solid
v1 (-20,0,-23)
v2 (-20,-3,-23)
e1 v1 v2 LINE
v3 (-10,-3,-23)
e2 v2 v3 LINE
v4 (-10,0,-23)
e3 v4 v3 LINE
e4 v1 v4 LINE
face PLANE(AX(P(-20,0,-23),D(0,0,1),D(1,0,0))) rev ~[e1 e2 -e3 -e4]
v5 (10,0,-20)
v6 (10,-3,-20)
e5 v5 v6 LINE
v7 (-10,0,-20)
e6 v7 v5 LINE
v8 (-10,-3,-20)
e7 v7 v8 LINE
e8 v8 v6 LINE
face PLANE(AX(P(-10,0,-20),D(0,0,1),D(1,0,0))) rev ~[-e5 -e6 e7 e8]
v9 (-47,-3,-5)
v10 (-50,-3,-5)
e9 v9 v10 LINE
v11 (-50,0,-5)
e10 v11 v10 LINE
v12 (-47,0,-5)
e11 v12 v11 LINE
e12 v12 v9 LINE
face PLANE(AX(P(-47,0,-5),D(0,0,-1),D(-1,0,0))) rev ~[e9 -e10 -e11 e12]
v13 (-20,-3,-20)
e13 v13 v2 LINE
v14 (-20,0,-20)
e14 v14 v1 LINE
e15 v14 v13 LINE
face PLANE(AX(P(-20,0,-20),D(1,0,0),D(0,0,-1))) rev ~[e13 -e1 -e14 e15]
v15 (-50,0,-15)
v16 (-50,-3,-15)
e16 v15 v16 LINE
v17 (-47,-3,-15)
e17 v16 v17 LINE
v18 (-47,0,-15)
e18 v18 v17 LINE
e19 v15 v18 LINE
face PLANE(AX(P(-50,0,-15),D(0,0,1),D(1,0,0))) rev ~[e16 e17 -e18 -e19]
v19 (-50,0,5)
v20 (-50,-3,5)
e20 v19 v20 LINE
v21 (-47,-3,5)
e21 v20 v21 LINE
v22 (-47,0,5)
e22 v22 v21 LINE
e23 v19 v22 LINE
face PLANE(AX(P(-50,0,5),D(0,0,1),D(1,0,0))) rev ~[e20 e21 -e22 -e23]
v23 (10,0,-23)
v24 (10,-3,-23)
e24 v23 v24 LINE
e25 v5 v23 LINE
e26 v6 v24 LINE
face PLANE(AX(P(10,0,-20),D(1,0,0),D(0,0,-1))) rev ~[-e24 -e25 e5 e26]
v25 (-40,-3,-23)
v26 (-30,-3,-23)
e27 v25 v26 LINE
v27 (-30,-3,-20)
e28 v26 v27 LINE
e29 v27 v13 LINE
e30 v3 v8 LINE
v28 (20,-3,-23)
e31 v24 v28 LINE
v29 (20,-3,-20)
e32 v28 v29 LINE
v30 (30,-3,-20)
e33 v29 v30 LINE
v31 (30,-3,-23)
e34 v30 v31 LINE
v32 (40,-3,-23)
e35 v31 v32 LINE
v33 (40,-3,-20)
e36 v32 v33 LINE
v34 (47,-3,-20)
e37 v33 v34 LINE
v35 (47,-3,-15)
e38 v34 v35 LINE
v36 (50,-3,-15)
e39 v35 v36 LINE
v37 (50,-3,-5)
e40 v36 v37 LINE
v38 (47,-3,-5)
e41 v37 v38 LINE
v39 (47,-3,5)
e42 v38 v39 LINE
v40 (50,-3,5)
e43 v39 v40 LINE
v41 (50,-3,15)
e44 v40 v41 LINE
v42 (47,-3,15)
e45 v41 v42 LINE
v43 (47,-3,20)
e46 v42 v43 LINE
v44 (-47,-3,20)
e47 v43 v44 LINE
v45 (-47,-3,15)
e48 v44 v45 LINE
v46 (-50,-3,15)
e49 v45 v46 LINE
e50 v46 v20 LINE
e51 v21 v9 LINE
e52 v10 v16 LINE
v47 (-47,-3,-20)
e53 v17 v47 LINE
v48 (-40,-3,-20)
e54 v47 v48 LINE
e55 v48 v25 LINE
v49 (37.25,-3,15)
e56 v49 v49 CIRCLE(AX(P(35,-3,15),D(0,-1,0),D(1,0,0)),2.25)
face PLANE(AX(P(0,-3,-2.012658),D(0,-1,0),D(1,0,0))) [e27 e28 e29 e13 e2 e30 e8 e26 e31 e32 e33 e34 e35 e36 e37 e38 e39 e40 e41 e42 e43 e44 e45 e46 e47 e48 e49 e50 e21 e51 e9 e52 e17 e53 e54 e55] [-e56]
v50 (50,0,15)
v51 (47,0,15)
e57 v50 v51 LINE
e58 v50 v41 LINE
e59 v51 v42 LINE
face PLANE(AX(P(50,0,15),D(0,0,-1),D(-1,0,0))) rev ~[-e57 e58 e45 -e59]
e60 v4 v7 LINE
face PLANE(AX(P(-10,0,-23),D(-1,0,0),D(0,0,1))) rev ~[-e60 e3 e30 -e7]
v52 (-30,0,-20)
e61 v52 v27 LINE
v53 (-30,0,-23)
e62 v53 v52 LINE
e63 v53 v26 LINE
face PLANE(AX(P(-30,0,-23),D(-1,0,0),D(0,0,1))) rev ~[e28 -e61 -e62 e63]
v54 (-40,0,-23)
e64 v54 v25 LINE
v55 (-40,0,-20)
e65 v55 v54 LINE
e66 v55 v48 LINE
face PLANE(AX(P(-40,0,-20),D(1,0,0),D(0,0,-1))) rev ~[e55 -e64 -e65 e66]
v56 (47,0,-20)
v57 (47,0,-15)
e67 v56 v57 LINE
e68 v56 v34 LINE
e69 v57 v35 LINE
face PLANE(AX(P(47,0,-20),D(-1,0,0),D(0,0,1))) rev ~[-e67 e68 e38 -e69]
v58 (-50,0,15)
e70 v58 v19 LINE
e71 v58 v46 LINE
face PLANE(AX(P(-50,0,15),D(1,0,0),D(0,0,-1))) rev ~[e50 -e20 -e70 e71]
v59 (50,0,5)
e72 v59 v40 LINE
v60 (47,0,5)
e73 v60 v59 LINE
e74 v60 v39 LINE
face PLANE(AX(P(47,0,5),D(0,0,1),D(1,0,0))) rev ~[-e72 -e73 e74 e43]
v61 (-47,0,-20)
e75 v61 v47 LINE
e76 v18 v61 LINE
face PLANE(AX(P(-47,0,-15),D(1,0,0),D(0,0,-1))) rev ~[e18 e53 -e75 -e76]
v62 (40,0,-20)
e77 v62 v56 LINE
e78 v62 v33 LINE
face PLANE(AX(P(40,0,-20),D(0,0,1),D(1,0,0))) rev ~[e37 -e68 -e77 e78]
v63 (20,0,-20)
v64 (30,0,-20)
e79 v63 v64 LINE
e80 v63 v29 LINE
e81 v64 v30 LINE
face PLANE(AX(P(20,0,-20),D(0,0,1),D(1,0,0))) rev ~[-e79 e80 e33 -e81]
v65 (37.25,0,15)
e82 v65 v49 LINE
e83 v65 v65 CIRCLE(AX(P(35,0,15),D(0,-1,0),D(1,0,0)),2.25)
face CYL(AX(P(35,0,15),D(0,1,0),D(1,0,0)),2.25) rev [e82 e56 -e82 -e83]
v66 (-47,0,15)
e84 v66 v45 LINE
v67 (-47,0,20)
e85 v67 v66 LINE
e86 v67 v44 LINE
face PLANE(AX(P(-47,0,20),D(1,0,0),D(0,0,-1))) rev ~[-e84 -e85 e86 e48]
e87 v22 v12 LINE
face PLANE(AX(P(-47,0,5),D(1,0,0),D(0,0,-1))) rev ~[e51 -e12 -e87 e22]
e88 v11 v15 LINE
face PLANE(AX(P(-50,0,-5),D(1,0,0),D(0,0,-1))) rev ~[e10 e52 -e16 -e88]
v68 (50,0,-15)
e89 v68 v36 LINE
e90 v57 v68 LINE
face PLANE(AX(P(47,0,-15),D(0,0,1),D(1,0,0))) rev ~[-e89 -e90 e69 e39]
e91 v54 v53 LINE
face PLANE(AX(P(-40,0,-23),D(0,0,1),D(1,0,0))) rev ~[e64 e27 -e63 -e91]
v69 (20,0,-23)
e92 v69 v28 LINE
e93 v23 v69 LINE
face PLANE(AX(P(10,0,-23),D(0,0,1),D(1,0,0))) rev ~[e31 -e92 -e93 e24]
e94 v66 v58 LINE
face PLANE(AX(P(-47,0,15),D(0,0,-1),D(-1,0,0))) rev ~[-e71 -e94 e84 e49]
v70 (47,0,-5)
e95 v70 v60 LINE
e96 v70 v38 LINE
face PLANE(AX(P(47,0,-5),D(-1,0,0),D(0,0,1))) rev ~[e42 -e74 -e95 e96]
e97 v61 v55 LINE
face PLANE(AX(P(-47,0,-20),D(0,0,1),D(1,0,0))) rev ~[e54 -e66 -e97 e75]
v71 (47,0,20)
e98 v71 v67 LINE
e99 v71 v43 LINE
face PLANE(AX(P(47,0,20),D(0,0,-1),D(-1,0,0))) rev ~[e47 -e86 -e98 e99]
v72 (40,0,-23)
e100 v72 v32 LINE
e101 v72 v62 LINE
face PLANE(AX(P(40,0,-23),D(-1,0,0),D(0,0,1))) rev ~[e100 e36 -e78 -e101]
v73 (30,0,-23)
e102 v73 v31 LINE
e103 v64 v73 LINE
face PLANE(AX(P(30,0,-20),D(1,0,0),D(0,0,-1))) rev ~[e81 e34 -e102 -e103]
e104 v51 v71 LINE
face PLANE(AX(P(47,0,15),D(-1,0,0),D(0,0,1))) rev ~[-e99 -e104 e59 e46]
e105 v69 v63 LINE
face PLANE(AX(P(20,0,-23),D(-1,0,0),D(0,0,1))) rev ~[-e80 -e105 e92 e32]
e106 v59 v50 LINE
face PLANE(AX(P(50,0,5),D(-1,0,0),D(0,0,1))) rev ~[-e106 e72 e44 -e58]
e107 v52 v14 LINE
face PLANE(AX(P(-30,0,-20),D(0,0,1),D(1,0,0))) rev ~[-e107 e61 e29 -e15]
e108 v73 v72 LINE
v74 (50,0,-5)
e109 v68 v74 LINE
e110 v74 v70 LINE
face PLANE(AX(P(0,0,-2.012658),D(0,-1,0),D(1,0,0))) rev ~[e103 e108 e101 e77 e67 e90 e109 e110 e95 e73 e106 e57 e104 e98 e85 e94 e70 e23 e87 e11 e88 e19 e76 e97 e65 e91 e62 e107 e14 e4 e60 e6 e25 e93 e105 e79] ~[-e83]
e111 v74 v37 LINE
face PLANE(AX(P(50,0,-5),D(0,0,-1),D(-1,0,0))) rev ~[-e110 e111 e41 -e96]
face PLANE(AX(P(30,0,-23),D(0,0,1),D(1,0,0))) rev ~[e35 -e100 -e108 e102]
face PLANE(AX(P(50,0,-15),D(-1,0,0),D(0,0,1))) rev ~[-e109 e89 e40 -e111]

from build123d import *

# Parameters (mm, degrees)
F0_R     = 2.25
F1_DEPTH = 3


with BuildPart() as f1:
    # F0 (on Front) → F1 (new body)
    with BuildSketch(Plane.XZ):
        Polygon((-10, -20), (0, -20), (10, -20), (10, -23), (20, -23), (20, -20), (30, -20), (30, -23), (40, -23), (40, -20), (47, -20), (47, -15), (50, -15), (50, -5), (47, -5), (47, 5), (50, 5), (50, 15), (47, 15), (47, 20), (-47, 20), (-47, 15), (-50, 15), (-50, 5), (-47, 5), (-47, -5), (-50, -5), (-50, -15), (-47, -15), (-47, -20), (-40, -20), (-40, -23), (-30, -23), (-30, -20), (-20, -20), (-20, -23), (-10, -23), align=None)
        with Locations((35, 15)):
            Circle(F0_R, mode=Mode.SUBTRACT)
    extrude(amount=F1_DEPTH)


solid = f1.part
